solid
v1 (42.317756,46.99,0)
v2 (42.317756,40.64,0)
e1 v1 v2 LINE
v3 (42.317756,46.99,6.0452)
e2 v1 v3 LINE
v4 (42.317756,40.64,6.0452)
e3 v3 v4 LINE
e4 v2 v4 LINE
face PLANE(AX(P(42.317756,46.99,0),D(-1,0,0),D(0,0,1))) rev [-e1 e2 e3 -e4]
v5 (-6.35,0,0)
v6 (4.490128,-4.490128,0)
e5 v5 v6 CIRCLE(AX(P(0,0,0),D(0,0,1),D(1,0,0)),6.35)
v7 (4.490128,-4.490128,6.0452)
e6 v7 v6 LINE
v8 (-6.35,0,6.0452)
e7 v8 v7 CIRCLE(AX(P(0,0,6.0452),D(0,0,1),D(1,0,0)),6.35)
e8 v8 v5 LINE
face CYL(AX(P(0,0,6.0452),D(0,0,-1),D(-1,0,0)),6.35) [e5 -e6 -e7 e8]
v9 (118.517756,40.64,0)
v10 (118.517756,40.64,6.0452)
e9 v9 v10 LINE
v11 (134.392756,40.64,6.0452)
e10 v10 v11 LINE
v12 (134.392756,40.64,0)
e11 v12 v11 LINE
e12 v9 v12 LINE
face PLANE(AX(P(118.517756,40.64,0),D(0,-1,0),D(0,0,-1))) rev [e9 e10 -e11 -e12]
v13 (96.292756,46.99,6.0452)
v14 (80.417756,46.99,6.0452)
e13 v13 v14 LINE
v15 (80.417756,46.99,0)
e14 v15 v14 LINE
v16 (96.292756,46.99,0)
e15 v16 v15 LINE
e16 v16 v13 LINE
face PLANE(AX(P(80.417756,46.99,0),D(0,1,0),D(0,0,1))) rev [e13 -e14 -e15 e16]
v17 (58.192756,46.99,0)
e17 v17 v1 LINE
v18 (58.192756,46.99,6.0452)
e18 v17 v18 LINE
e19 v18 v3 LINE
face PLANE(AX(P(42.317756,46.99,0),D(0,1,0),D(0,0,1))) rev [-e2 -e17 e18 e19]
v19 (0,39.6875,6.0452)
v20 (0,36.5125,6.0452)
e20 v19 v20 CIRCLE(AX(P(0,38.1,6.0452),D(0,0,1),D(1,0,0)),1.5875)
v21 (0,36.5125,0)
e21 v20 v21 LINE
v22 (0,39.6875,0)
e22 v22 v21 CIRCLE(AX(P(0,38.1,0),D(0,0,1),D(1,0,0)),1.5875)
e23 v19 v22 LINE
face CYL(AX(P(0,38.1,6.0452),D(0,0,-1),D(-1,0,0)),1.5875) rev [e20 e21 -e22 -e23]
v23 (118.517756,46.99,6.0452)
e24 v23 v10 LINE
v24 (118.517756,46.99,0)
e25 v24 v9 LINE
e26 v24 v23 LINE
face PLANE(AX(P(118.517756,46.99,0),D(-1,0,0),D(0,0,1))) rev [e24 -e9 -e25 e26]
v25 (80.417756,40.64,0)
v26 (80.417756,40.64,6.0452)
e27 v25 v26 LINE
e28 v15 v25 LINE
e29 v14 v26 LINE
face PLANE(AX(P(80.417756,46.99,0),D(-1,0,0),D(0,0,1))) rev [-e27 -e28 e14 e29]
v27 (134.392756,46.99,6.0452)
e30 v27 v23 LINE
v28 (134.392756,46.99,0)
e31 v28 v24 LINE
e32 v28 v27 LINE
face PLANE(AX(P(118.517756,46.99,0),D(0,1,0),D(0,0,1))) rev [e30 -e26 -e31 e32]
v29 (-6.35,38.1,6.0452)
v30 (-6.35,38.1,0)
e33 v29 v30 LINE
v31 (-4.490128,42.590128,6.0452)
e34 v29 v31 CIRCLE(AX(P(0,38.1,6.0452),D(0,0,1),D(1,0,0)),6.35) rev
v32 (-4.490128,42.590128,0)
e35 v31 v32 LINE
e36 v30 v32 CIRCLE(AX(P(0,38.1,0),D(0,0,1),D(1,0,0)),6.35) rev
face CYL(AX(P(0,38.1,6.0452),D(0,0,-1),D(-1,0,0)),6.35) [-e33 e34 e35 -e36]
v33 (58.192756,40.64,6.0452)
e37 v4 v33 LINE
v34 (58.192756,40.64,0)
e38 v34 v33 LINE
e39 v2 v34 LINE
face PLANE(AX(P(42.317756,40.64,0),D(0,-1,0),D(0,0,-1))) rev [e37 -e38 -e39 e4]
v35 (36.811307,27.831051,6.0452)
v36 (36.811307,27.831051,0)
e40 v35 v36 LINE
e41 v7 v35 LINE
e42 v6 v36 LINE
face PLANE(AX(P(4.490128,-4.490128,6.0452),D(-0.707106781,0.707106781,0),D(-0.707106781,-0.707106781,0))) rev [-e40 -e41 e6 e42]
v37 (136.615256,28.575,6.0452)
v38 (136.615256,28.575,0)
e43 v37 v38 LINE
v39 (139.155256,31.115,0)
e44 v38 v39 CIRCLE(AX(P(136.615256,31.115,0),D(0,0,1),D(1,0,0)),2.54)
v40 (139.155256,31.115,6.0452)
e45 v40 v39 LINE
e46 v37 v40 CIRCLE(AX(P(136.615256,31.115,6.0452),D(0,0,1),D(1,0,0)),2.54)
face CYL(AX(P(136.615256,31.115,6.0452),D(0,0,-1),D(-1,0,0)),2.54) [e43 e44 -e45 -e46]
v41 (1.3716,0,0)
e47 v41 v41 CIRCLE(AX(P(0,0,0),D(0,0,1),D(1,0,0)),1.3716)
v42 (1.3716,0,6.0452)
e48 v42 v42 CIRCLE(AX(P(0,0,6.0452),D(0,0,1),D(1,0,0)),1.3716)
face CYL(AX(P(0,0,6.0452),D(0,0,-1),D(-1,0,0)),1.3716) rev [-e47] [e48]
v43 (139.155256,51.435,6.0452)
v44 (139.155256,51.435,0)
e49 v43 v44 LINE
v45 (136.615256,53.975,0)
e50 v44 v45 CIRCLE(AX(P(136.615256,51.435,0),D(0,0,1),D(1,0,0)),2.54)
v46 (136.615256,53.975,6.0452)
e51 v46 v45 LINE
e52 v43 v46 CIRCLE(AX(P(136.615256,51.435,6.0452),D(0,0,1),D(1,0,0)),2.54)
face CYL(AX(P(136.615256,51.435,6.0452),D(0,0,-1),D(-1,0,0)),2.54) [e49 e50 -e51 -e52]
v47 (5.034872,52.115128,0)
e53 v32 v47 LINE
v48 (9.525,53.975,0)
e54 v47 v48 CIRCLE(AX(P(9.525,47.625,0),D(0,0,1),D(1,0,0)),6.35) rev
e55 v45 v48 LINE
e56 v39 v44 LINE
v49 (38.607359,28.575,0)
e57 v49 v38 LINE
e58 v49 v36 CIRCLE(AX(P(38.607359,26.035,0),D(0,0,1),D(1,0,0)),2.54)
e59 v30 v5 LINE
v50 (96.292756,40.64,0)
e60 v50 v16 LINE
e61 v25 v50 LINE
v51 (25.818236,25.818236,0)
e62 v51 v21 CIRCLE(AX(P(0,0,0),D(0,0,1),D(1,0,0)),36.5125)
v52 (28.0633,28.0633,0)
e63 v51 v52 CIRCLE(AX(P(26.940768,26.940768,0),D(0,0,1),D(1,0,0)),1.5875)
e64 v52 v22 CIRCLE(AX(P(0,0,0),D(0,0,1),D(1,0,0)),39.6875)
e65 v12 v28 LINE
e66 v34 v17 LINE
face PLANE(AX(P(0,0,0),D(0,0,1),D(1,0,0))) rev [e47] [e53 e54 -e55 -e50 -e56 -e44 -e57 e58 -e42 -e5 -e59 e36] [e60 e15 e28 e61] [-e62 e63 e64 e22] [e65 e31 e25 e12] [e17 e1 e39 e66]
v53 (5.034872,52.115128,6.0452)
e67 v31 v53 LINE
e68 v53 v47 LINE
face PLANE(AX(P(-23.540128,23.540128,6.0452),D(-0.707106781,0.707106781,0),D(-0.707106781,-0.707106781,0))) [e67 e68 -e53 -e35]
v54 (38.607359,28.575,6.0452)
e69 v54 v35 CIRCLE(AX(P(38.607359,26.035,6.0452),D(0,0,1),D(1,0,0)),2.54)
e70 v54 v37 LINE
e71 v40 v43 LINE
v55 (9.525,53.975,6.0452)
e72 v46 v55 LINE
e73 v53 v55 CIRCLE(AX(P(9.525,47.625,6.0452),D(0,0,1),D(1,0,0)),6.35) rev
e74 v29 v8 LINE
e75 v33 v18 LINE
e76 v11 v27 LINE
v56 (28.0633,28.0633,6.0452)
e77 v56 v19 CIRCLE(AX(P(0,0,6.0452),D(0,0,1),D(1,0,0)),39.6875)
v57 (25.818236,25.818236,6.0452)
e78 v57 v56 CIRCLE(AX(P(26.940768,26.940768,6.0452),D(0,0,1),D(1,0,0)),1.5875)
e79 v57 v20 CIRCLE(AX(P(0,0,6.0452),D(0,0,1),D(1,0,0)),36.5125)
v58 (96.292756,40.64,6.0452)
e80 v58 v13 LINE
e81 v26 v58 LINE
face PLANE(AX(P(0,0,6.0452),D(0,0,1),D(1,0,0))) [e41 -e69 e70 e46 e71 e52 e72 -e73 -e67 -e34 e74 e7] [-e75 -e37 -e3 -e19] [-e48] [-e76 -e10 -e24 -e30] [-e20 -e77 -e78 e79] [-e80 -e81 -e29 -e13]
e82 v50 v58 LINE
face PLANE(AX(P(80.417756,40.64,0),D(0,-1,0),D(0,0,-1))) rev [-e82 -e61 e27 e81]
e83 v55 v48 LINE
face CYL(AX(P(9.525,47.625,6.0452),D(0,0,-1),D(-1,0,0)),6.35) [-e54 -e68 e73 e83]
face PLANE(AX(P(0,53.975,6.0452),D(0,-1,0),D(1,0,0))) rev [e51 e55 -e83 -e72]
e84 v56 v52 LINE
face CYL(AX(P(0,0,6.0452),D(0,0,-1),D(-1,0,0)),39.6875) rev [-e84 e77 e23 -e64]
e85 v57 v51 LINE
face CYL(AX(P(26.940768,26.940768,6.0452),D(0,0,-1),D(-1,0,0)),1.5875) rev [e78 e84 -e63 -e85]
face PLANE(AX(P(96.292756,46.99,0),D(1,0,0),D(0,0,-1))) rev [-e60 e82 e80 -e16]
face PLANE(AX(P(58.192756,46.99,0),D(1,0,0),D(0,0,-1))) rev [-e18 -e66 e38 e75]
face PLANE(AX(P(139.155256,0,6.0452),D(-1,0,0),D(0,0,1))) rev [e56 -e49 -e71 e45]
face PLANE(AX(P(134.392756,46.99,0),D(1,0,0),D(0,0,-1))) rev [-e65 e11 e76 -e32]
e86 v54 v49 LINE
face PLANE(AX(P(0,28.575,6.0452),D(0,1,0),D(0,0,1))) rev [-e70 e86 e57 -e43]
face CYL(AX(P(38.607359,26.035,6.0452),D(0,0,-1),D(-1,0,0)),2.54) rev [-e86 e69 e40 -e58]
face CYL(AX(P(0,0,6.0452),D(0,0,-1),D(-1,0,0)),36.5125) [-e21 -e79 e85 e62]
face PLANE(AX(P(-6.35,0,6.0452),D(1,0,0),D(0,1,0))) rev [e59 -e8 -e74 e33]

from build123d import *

# Parameters (mm, degrees)
SKETCH1_R           = 1.3716
BOSS_EXTRUDE1_DEPTH = 6.0452
SKETCH2_W           = 15.875
SKETCH2_H           = 6.35
CUT_EXTRUDE1_DEPTH  = 6.0452


with BuildPart() as part:
    # Sketch1 → Boss-Extrude1 (new body)
    with BuildSketch(Plane.XY):
        with BuildLine():
            Line((-6.35, 38.1), (-6.35, 0))
            ThreePointArc((-6.35, 0), (-2.430039796, -5.866635031), (4.490128061, -4.490128061))
            Line((4.490128061, -4.490128061), (31.430896424, 22.450640303))
            Line((31.430896424, 22.450640303), (36.811307345, 27.831051224))
            ThreePointArc((36.811307345, 27.831051224), (37.635342651, 28.381654013), (38.607358569, 28.575))
            Line((38.607358569, 28.575), (136.615256121, 28.575))
            ThreePointArc((136.615256121, 28.575), (138.411307345, 29.318948776), (139.155256121, 31.115))
            Line((139.155256121, 31.115), (139.155256121, 51.435))
            ThreePointArc((139.155256121, 51.435), (138.411307345, 53.231051224), (136.615256121, 53.975))
            Line((136.615256121, 53.975), (9.525, 53.975))
            ThreePointArc((9.525, 53.975), (7.094960204, 53.491635031), (5.034871939, 52.115128061))
            Line((5.034871939, 52.115128061), (-4.490128061, 42.590128061))
            ThreePointArc((-4.490128061, 42.590128061), (-5.866635031, 40.530039796), (-6.35, 38.1))
        make_face()
        Circle(SKETCH1_R, mode=Mode.SUBTRACT)
        with BuildLine():
            ThreePointArc((25.818236348, 25.818236348), (13.972728824, 33.733151431), (0, 36.5125))
            ThreePointArc((0, 36.5125), (-1.5875, 38.1), (0, 39.6875))
            ThreePointArc((0, 39.6875), (15.187748722, 36.666468947), (28.063300378, 28.063300378))
            ThreePointArc((28.063300378, 28.063300378), (28.063300378, 25.818236348), (25.818236348, 25.818236348))
        make_face(mode=Mode.SUBTRACT)
    extrude(amount=BOSS_EXTRUDE1_DEPTH)

    # Sketch2 → Cut-Extrude1 (cut)
    with BuildSketch(Plane.XY.offset(6.0452)):
        with Locations((126.455256121, 43.815)):
            Rectangle(SKETCH2_W, SKETCH2_H)
        with Locations((88.355256121, 43.815)):
            Rectangle(SKETCH2_W, SKETCH2_H)
        with Locations((50.255256121, 43.815)):
            Rectangle(SKETCH2_W, SKETCH2_H)
    extrude(amount=-CUT_EXTRUDE1_DEPTH, mode=Mode.SUBTRACT)


solid = part.part
